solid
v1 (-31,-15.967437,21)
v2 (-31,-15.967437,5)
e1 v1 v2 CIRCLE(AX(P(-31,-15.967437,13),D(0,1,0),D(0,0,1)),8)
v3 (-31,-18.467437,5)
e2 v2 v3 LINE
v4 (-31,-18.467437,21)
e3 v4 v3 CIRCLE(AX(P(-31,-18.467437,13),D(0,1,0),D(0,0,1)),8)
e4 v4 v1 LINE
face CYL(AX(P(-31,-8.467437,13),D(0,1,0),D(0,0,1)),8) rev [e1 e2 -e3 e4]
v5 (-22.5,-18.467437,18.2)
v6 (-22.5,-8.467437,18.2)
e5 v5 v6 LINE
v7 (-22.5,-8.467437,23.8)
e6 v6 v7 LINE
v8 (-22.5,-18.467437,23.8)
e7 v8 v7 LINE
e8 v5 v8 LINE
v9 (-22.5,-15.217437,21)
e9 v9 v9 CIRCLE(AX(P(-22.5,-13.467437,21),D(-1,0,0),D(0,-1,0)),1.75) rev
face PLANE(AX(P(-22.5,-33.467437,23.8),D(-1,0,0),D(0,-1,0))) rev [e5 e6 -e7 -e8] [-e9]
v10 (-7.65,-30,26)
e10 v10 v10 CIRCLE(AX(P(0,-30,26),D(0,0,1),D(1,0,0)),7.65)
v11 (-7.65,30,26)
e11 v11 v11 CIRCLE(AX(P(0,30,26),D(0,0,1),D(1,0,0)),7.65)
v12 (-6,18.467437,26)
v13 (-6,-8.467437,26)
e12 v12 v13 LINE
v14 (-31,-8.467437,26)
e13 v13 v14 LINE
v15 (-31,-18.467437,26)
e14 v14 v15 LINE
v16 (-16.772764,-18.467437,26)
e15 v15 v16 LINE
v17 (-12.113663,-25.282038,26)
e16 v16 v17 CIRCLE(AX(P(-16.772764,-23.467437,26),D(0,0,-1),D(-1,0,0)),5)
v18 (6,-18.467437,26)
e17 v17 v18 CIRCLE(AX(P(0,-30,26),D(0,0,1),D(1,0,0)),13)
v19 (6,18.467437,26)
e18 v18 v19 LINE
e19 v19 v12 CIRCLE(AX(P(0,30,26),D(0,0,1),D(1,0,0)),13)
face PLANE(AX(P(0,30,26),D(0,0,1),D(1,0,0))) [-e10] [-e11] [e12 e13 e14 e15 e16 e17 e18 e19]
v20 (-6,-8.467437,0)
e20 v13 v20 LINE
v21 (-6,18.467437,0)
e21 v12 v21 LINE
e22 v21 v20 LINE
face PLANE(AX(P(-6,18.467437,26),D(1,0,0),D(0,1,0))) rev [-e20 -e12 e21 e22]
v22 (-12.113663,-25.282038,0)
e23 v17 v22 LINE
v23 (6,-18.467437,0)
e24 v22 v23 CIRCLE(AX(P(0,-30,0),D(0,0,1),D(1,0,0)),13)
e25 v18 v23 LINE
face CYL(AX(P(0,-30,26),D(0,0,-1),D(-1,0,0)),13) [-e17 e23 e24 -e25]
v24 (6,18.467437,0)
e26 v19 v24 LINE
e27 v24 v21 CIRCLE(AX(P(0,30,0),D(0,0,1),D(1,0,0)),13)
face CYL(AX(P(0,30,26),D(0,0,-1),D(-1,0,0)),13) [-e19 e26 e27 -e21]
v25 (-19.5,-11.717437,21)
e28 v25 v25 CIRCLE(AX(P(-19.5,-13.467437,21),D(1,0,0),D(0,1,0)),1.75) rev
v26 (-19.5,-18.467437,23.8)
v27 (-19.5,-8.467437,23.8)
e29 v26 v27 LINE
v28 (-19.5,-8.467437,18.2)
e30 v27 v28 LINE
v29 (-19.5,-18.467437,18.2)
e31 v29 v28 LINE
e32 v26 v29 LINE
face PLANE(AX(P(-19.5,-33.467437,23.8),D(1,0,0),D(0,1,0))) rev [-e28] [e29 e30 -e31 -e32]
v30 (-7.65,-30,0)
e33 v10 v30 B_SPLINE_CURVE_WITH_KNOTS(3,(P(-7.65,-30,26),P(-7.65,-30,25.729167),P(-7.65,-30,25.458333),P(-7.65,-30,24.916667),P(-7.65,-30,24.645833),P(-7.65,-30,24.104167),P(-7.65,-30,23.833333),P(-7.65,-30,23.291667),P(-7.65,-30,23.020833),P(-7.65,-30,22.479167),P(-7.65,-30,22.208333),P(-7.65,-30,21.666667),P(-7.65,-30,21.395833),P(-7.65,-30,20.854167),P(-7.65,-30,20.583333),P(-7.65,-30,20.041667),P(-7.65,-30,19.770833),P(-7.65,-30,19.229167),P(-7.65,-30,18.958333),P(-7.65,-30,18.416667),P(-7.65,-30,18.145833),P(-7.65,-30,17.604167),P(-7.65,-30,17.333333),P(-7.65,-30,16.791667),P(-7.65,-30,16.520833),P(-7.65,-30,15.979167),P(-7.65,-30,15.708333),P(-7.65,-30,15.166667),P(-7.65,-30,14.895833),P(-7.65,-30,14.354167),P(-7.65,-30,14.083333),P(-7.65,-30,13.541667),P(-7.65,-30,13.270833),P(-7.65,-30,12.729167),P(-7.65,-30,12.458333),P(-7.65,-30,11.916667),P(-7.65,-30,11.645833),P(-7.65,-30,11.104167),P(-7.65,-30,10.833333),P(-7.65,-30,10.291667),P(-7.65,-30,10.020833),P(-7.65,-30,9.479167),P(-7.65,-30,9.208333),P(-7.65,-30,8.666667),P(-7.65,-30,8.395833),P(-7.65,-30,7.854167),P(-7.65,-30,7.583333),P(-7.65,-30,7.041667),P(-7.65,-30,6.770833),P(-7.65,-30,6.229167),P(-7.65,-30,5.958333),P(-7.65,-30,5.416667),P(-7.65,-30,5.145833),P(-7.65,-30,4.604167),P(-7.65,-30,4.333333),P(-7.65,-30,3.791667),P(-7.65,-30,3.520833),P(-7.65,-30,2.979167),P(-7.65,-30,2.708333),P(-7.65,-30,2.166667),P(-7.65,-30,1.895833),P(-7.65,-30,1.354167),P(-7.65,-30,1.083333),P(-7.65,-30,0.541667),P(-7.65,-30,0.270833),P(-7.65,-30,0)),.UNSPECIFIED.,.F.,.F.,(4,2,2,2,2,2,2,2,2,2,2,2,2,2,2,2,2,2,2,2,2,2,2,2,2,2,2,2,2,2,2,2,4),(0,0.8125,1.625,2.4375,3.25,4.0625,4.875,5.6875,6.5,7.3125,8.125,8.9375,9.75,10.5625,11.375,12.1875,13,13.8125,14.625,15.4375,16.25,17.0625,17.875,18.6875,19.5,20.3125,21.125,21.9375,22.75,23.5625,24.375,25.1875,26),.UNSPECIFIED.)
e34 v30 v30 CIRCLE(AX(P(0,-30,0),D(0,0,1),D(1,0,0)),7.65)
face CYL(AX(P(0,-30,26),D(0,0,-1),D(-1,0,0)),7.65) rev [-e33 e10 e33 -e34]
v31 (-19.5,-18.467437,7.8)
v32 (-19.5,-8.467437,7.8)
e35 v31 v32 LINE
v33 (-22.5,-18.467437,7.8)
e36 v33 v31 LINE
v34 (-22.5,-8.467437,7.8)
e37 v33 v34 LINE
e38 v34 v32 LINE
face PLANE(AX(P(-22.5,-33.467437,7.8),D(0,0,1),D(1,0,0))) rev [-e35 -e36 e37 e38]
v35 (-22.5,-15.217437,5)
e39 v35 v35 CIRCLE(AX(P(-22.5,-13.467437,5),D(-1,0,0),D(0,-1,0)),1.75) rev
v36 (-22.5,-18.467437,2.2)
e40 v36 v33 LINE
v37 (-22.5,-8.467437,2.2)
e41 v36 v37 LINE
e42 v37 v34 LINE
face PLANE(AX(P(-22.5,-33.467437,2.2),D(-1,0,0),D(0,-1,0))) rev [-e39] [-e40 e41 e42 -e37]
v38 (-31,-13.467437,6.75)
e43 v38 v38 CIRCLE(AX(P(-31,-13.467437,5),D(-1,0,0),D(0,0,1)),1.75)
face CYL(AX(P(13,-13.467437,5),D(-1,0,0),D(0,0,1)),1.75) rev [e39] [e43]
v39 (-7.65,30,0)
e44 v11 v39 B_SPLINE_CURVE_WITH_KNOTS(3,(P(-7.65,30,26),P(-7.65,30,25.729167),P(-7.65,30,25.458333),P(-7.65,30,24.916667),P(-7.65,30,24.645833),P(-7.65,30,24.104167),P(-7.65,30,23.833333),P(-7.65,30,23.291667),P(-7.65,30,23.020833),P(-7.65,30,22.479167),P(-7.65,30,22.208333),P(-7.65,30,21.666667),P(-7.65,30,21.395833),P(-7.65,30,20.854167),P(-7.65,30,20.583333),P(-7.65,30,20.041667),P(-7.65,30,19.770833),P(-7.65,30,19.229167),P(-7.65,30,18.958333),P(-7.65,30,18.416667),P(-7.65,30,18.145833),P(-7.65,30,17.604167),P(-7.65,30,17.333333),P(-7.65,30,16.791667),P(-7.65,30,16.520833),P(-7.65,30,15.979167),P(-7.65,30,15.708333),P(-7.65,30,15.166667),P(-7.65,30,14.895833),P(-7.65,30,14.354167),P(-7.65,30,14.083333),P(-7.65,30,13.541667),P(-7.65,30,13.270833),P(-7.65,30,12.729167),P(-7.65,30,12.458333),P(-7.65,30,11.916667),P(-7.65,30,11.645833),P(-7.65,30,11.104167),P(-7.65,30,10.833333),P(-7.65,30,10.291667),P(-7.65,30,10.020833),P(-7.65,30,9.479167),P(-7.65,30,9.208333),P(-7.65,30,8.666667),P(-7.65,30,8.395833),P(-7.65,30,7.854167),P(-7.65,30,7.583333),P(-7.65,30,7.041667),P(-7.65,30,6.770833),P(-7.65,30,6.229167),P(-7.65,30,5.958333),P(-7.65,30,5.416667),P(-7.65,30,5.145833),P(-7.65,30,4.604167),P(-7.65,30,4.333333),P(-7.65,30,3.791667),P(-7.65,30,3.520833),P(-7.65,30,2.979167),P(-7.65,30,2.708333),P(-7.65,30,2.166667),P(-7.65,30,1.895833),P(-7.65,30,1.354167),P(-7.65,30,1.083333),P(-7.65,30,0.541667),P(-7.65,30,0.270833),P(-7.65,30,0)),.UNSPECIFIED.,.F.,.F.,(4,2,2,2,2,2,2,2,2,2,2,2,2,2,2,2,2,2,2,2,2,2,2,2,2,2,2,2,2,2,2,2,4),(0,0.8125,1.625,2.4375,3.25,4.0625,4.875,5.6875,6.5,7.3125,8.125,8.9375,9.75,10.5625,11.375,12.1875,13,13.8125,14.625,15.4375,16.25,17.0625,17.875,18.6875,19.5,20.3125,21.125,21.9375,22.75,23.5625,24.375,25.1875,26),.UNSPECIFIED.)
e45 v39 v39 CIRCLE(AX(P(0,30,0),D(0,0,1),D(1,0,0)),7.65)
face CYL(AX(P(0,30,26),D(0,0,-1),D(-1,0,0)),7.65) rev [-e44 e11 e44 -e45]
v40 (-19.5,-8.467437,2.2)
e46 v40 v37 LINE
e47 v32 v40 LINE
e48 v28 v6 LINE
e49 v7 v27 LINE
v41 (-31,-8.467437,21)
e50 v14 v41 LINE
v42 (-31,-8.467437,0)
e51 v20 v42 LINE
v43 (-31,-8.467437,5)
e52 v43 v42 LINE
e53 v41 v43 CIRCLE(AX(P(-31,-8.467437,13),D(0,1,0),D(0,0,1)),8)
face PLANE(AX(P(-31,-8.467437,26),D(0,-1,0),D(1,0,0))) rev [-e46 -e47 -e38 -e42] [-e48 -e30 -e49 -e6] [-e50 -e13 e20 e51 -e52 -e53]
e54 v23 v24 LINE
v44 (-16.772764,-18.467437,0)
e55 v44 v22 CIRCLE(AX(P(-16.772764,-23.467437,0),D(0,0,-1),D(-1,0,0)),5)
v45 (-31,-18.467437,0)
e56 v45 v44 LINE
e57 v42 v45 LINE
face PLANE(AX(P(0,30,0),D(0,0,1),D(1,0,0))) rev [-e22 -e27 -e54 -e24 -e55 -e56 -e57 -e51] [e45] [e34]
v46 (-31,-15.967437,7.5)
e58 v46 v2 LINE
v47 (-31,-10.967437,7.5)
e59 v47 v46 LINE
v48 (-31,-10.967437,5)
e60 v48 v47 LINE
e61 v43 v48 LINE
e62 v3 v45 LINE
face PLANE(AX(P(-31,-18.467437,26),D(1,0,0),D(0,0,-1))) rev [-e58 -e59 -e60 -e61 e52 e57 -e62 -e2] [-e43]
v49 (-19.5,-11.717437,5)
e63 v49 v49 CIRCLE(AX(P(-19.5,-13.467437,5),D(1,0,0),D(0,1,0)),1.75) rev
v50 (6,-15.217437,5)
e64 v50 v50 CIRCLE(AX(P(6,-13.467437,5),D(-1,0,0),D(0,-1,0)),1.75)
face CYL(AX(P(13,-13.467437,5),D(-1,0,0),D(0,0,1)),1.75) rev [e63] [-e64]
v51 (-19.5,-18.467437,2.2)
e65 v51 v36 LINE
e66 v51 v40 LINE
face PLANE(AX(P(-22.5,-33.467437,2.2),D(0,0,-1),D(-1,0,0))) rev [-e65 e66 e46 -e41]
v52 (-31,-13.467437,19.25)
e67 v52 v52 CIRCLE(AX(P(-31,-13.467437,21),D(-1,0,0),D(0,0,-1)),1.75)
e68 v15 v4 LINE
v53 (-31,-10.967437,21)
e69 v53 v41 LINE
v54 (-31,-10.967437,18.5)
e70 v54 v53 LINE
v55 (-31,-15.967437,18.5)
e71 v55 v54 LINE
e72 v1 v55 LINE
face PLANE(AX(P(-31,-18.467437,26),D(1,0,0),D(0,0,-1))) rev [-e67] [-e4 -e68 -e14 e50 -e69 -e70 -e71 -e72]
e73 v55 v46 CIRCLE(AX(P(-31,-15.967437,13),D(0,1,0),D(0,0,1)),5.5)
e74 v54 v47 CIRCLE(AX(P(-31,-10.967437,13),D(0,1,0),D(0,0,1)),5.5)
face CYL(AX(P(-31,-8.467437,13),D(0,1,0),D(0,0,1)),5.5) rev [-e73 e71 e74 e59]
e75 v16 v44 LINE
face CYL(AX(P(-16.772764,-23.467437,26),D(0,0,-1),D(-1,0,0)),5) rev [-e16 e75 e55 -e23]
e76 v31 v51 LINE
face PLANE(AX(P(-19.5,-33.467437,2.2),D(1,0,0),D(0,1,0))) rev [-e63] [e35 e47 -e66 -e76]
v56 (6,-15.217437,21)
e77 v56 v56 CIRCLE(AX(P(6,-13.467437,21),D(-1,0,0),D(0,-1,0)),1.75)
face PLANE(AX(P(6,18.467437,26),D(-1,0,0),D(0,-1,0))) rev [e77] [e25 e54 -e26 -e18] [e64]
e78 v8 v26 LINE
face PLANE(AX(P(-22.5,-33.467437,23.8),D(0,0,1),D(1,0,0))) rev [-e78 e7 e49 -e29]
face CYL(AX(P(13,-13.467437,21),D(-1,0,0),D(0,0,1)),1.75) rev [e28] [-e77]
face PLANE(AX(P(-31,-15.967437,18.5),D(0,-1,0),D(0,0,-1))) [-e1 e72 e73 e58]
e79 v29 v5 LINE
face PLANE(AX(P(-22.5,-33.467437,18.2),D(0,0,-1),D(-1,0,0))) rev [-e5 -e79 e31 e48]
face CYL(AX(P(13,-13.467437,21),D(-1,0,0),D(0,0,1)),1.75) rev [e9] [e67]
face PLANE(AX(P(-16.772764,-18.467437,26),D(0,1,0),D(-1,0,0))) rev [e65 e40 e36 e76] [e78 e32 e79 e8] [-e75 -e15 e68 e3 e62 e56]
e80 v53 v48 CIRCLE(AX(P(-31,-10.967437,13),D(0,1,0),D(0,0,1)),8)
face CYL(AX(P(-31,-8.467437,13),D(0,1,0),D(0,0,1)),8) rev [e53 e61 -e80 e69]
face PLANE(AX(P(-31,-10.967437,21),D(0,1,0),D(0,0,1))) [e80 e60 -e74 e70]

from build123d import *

# Parameters (mm, degrees)
ESBO_O1_R                = 7.65
RESSALTO_EXTRUS_O1_DEPTH = 26
ESBO_O4_R                = 1.75
CORTE_EXTRUS_O1_DEPTH    = 67.790717918
ESBO_O5_W                = 3
ESBO_O5_H                = 5.6
CORTE_EXTRUS_O2_DEPTH    = 25


with BuildPart() as part:
    # Esboço1 → Ressalto-extrusão1 (new body)
    with BuildSketch(Plane.XY):
        with BuildLine():
            Line((-6, 18.467437405), (-6, -8.467437405))
            Line((-6, -8.467437405), (-31, -8.467437405))
            Line((-31, -8.467437405), (-31, -18.467437405))
            Line((-31, -18.467437405), (-16.77276441, -18.467437405))
            ThreePointArc((-16.77276441, -18.467437405), (-12.645234664, -20.645470326), (-12.113663185, -25.282038126))
            ThreePointArc((-12.113663185, -25.282038126), (4.577544662, -42.16741899), (6, -18.467437405))
            Line((6, -18.467437405), (6, 18.467437405))
            ThreePointArc((6, 18.467437405), (0, 43), (-6, 18.467437405))
        make_face()
        with Locations(Location((0, 30, 0), (0, 0, 180))):
            Circle(ESBO_O1_R, mode=Mode.SUBTRACT)
        with Locations(Location((0, -30, 0), (0, 0, 180))):
            Circle(ESBO_O1_R, mode=Mode.SUBTRACT)
    extrude(amount=RESSALTO_EXTRUS_O1_DEPTH)

    # Esboço3 → Corte-Revolução1 (revolve, cut)
    with BuildSketch(Plane.ZY.offset(31)):
        Polygon((13, -8.467437405), (21, -8.467437405), (21, -10.967437405), (18.5, -10.967437405), (18.5, -15.967437405), (21, -15.967437405), (21, -18.467437405), (13, -18.467437405), align=None)
    revolve(axis=Axis((-31, -8.467437405, 13), (0, -1, 0)), mode=Mode.SUBTRACT)

    # Esboço4 → Corte-extrusão1 (cut, through all)
    with BuildSketch(Plane.ZY.offset(31)):
        with Locations((5, -13.467437405)):
            Circle(ESBO_O4_R)
        with Locations(Location((21, -13.467437405, 0), (0, 0, 270))):
            Circle(ESBO_O4_R)
    extrude(amount=-CORTE_EXTRUS_O1_DEPTH, mode=Mode.SUBTRACT)

    # Esboço5 → Corte-extrusão2 (cut)
    with BuildSketch(Plane(origin=(0, -8.467437405, 0), x_dir=(1, 0, 0), z_dir=(0, 1, 0))):
        with Locations((-21, -5)):
            Rectangle(ESBO_O5_W, ESBO_O5_H)
        with Locations((-21, -21)):
            Rectangle(ESBO_O5_W, ESBO_O5_H)
    extrude(amount=-CORTE_EXTRUS_O2_DEPTH, mode=Mode.SUBTRACT)


solid = part.part
